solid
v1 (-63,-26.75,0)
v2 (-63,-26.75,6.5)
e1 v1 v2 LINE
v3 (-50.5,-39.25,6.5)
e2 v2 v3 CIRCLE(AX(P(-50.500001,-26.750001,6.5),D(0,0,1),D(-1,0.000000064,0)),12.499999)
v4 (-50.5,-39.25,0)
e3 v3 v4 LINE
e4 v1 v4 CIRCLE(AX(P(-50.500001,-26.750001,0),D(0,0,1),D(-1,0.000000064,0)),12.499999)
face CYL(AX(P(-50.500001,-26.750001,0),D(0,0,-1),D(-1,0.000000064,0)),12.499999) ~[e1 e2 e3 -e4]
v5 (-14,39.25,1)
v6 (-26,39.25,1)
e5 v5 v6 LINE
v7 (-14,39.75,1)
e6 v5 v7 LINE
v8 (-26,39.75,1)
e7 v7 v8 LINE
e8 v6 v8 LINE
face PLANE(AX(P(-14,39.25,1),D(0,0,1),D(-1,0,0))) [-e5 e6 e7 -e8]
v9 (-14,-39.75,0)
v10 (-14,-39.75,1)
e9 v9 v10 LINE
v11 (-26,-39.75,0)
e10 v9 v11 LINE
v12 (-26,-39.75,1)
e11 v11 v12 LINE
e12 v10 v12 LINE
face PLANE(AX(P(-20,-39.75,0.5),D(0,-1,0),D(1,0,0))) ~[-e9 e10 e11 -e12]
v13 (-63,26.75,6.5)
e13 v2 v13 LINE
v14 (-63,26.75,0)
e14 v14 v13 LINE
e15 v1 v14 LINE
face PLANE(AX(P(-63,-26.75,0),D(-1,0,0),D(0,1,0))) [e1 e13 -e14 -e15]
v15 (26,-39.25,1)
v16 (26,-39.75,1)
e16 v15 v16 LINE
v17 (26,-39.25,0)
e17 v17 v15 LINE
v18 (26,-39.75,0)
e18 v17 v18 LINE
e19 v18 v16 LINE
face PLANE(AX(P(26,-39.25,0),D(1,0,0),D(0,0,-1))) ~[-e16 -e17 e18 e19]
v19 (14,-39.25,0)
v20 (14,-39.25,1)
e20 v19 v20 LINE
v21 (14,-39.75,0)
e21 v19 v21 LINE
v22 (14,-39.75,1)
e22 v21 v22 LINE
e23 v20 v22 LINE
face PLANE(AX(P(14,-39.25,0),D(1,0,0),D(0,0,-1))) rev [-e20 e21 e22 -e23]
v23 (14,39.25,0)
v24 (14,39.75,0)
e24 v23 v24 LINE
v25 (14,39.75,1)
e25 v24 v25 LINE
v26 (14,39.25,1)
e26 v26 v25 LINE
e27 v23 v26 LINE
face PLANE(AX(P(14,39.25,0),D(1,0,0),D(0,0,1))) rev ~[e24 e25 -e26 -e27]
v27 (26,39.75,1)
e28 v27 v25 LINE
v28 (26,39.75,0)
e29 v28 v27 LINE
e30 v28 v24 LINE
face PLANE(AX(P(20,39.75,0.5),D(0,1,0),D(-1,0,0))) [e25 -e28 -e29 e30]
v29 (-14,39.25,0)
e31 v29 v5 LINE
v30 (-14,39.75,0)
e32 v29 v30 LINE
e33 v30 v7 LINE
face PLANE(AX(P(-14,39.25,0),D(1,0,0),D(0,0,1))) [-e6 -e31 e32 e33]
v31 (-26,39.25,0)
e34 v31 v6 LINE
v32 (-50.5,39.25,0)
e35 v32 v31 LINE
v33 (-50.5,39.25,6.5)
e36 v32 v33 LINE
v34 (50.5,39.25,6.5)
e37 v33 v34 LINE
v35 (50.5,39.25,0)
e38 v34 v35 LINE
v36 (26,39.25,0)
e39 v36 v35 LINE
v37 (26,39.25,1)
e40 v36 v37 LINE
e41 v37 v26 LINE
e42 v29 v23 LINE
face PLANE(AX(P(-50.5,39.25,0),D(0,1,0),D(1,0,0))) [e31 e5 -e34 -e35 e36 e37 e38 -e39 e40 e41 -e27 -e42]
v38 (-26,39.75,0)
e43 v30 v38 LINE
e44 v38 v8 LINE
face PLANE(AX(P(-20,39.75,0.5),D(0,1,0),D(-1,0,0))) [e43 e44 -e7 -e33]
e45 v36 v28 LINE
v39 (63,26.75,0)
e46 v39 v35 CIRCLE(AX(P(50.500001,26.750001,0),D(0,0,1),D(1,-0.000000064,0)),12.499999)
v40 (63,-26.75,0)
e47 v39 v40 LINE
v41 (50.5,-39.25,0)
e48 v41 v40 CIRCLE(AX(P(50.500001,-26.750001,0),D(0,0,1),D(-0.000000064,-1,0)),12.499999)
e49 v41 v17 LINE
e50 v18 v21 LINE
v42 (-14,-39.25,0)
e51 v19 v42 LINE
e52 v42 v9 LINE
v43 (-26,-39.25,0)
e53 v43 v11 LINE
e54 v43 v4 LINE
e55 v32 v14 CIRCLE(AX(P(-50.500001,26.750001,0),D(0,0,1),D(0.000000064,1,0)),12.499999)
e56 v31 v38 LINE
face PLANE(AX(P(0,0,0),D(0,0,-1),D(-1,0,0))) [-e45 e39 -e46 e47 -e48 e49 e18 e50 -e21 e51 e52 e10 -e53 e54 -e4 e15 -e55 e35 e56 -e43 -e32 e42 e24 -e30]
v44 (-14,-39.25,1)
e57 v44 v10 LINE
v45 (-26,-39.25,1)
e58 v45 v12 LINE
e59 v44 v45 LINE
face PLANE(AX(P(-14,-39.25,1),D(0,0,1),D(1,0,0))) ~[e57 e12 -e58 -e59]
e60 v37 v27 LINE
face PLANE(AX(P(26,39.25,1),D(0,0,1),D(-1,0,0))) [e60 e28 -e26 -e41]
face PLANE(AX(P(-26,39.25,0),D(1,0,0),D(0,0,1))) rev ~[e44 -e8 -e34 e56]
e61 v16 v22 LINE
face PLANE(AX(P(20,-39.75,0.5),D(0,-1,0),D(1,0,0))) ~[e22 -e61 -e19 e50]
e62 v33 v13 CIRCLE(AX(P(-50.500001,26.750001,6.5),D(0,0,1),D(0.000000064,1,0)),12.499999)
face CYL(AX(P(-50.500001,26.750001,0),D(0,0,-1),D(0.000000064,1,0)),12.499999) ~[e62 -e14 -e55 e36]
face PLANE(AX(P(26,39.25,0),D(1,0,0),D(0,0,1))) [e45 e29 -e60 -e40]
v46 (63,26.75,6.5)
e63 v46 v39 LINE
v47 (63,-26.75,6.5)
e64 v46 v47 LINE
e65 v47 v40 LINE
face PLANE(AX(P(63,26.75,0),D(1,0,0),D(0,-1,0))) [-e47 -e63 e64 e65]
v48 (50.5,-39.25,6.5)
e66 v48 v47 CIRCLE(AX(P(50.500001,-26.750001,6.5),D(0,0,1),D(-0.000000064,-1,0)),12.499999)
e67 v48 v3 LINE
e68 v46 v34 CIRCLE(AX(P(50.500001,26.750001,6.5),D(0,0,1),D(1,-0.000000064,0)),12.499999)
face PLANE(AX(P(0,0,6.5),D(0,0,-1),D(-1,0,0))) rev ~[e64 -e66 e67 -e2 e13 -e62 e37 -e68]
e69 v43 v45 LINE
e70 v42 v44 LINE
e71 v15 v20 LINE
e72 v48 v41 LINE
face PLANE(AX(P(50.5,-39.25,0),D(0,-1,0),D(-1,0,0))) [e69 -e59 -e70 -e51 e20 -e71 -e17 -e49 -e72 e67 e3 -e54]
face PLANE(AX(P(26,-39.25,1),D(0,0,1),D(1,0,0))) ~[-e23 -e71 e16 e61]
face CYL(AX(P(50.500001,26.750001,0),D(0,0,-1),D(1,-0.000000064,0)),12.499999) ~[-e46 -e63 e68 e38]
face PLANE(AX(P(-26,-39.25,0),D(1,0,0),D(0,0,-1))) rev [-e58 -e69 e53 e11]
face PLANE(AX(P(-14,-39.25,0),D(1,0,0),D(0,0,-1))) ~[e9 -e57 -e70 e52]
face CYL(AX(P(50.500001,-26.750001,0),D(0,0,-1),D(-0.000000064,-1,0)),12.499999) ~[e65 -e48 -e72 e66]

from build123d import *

# Parameters (mm, degrees)
PAD_DEPTH    = 1
PAD001_DEPTH = 6.5
SKETCH001_W  = 12
SKETCH001_H  = 1
PAD002_DEPTH = 0.5


with BuildPart() as part:
    # Sketch → Pad (new body)
    with BuildSketch(Plane.XY):
        with BuildLine():
            Line((-50.5, 39.25), (50.5, 39.25))
            ThreePointArc((63, 26.75), (59.338835, 35.588835), (50.5, 39.25))
            Line((63, 26.75), (63, -26.75))
            ThreePointArc((50.5, -39.25), (59.338835, -35.588835), (63, -26.75))
            Line((50.5, -39.25), (-50.5, -39.25))
            ThreePointArc((-63, -26.75), (-59.338835, -35.588835), (-50.5, -39.25))
            Line((-63, -26.75), (-63, 26.75))
            ThreePointArc((-50.5, 39.25), (-59.338835, 35.588835), (-63, 26.75))
        make_face()
    extrude(amount=PAD_DEPTH)

    # Sketch → Pad001 (join)
    with BuildSketch(Plane.XY):
        with BuildLine():
            Line((-50.5, 39.25), (50.5, 39.25))
            ThreePointArc((63, 26.75), (59.338835, 35.588835), (50.5, 39.25))
            Line((63, 26.75), (63, -26.75))
            ThreePointArc((50.5, -39.25), (59.338835, -35.588835), (63, -26.75))
            Line((50.5, -39.25), (-50.5, -39.25))
            ThreePointArc((-63, -26.75), (-59.338835, -35.588835), (-50.5, -39.25))
            Line((-63, -26.75), (-63, 26.75))
            ThreePointArc((-50.5, 39.25), (-59.338835, 35.588835), (-63, 26.75))
        make_face()
    extrude(amount=PAD001_DEPTH)

    # Sketch001 (on Face15 of Pad001) → Pad002 (join)
    with BuildSketch(Plane(origin=(0, 39.25, 0), x_dir=(-1, 0, 0), z_dir=(0, 1, 0))):
        with Locations((-20, 0.5)):
            Rectangle(SKETCH001_W, SKETCH001_H)
        with Locations((20, 0.5)):
            Rectangle(SKETCH001_W, SKETCH001_H)
    pad002 = extrude(amount=PAD002_DEPTH)

    # Mirrored: Pad002 across XZ
    add(pad002.mirror(Plane.XZ))


solid = part.part
